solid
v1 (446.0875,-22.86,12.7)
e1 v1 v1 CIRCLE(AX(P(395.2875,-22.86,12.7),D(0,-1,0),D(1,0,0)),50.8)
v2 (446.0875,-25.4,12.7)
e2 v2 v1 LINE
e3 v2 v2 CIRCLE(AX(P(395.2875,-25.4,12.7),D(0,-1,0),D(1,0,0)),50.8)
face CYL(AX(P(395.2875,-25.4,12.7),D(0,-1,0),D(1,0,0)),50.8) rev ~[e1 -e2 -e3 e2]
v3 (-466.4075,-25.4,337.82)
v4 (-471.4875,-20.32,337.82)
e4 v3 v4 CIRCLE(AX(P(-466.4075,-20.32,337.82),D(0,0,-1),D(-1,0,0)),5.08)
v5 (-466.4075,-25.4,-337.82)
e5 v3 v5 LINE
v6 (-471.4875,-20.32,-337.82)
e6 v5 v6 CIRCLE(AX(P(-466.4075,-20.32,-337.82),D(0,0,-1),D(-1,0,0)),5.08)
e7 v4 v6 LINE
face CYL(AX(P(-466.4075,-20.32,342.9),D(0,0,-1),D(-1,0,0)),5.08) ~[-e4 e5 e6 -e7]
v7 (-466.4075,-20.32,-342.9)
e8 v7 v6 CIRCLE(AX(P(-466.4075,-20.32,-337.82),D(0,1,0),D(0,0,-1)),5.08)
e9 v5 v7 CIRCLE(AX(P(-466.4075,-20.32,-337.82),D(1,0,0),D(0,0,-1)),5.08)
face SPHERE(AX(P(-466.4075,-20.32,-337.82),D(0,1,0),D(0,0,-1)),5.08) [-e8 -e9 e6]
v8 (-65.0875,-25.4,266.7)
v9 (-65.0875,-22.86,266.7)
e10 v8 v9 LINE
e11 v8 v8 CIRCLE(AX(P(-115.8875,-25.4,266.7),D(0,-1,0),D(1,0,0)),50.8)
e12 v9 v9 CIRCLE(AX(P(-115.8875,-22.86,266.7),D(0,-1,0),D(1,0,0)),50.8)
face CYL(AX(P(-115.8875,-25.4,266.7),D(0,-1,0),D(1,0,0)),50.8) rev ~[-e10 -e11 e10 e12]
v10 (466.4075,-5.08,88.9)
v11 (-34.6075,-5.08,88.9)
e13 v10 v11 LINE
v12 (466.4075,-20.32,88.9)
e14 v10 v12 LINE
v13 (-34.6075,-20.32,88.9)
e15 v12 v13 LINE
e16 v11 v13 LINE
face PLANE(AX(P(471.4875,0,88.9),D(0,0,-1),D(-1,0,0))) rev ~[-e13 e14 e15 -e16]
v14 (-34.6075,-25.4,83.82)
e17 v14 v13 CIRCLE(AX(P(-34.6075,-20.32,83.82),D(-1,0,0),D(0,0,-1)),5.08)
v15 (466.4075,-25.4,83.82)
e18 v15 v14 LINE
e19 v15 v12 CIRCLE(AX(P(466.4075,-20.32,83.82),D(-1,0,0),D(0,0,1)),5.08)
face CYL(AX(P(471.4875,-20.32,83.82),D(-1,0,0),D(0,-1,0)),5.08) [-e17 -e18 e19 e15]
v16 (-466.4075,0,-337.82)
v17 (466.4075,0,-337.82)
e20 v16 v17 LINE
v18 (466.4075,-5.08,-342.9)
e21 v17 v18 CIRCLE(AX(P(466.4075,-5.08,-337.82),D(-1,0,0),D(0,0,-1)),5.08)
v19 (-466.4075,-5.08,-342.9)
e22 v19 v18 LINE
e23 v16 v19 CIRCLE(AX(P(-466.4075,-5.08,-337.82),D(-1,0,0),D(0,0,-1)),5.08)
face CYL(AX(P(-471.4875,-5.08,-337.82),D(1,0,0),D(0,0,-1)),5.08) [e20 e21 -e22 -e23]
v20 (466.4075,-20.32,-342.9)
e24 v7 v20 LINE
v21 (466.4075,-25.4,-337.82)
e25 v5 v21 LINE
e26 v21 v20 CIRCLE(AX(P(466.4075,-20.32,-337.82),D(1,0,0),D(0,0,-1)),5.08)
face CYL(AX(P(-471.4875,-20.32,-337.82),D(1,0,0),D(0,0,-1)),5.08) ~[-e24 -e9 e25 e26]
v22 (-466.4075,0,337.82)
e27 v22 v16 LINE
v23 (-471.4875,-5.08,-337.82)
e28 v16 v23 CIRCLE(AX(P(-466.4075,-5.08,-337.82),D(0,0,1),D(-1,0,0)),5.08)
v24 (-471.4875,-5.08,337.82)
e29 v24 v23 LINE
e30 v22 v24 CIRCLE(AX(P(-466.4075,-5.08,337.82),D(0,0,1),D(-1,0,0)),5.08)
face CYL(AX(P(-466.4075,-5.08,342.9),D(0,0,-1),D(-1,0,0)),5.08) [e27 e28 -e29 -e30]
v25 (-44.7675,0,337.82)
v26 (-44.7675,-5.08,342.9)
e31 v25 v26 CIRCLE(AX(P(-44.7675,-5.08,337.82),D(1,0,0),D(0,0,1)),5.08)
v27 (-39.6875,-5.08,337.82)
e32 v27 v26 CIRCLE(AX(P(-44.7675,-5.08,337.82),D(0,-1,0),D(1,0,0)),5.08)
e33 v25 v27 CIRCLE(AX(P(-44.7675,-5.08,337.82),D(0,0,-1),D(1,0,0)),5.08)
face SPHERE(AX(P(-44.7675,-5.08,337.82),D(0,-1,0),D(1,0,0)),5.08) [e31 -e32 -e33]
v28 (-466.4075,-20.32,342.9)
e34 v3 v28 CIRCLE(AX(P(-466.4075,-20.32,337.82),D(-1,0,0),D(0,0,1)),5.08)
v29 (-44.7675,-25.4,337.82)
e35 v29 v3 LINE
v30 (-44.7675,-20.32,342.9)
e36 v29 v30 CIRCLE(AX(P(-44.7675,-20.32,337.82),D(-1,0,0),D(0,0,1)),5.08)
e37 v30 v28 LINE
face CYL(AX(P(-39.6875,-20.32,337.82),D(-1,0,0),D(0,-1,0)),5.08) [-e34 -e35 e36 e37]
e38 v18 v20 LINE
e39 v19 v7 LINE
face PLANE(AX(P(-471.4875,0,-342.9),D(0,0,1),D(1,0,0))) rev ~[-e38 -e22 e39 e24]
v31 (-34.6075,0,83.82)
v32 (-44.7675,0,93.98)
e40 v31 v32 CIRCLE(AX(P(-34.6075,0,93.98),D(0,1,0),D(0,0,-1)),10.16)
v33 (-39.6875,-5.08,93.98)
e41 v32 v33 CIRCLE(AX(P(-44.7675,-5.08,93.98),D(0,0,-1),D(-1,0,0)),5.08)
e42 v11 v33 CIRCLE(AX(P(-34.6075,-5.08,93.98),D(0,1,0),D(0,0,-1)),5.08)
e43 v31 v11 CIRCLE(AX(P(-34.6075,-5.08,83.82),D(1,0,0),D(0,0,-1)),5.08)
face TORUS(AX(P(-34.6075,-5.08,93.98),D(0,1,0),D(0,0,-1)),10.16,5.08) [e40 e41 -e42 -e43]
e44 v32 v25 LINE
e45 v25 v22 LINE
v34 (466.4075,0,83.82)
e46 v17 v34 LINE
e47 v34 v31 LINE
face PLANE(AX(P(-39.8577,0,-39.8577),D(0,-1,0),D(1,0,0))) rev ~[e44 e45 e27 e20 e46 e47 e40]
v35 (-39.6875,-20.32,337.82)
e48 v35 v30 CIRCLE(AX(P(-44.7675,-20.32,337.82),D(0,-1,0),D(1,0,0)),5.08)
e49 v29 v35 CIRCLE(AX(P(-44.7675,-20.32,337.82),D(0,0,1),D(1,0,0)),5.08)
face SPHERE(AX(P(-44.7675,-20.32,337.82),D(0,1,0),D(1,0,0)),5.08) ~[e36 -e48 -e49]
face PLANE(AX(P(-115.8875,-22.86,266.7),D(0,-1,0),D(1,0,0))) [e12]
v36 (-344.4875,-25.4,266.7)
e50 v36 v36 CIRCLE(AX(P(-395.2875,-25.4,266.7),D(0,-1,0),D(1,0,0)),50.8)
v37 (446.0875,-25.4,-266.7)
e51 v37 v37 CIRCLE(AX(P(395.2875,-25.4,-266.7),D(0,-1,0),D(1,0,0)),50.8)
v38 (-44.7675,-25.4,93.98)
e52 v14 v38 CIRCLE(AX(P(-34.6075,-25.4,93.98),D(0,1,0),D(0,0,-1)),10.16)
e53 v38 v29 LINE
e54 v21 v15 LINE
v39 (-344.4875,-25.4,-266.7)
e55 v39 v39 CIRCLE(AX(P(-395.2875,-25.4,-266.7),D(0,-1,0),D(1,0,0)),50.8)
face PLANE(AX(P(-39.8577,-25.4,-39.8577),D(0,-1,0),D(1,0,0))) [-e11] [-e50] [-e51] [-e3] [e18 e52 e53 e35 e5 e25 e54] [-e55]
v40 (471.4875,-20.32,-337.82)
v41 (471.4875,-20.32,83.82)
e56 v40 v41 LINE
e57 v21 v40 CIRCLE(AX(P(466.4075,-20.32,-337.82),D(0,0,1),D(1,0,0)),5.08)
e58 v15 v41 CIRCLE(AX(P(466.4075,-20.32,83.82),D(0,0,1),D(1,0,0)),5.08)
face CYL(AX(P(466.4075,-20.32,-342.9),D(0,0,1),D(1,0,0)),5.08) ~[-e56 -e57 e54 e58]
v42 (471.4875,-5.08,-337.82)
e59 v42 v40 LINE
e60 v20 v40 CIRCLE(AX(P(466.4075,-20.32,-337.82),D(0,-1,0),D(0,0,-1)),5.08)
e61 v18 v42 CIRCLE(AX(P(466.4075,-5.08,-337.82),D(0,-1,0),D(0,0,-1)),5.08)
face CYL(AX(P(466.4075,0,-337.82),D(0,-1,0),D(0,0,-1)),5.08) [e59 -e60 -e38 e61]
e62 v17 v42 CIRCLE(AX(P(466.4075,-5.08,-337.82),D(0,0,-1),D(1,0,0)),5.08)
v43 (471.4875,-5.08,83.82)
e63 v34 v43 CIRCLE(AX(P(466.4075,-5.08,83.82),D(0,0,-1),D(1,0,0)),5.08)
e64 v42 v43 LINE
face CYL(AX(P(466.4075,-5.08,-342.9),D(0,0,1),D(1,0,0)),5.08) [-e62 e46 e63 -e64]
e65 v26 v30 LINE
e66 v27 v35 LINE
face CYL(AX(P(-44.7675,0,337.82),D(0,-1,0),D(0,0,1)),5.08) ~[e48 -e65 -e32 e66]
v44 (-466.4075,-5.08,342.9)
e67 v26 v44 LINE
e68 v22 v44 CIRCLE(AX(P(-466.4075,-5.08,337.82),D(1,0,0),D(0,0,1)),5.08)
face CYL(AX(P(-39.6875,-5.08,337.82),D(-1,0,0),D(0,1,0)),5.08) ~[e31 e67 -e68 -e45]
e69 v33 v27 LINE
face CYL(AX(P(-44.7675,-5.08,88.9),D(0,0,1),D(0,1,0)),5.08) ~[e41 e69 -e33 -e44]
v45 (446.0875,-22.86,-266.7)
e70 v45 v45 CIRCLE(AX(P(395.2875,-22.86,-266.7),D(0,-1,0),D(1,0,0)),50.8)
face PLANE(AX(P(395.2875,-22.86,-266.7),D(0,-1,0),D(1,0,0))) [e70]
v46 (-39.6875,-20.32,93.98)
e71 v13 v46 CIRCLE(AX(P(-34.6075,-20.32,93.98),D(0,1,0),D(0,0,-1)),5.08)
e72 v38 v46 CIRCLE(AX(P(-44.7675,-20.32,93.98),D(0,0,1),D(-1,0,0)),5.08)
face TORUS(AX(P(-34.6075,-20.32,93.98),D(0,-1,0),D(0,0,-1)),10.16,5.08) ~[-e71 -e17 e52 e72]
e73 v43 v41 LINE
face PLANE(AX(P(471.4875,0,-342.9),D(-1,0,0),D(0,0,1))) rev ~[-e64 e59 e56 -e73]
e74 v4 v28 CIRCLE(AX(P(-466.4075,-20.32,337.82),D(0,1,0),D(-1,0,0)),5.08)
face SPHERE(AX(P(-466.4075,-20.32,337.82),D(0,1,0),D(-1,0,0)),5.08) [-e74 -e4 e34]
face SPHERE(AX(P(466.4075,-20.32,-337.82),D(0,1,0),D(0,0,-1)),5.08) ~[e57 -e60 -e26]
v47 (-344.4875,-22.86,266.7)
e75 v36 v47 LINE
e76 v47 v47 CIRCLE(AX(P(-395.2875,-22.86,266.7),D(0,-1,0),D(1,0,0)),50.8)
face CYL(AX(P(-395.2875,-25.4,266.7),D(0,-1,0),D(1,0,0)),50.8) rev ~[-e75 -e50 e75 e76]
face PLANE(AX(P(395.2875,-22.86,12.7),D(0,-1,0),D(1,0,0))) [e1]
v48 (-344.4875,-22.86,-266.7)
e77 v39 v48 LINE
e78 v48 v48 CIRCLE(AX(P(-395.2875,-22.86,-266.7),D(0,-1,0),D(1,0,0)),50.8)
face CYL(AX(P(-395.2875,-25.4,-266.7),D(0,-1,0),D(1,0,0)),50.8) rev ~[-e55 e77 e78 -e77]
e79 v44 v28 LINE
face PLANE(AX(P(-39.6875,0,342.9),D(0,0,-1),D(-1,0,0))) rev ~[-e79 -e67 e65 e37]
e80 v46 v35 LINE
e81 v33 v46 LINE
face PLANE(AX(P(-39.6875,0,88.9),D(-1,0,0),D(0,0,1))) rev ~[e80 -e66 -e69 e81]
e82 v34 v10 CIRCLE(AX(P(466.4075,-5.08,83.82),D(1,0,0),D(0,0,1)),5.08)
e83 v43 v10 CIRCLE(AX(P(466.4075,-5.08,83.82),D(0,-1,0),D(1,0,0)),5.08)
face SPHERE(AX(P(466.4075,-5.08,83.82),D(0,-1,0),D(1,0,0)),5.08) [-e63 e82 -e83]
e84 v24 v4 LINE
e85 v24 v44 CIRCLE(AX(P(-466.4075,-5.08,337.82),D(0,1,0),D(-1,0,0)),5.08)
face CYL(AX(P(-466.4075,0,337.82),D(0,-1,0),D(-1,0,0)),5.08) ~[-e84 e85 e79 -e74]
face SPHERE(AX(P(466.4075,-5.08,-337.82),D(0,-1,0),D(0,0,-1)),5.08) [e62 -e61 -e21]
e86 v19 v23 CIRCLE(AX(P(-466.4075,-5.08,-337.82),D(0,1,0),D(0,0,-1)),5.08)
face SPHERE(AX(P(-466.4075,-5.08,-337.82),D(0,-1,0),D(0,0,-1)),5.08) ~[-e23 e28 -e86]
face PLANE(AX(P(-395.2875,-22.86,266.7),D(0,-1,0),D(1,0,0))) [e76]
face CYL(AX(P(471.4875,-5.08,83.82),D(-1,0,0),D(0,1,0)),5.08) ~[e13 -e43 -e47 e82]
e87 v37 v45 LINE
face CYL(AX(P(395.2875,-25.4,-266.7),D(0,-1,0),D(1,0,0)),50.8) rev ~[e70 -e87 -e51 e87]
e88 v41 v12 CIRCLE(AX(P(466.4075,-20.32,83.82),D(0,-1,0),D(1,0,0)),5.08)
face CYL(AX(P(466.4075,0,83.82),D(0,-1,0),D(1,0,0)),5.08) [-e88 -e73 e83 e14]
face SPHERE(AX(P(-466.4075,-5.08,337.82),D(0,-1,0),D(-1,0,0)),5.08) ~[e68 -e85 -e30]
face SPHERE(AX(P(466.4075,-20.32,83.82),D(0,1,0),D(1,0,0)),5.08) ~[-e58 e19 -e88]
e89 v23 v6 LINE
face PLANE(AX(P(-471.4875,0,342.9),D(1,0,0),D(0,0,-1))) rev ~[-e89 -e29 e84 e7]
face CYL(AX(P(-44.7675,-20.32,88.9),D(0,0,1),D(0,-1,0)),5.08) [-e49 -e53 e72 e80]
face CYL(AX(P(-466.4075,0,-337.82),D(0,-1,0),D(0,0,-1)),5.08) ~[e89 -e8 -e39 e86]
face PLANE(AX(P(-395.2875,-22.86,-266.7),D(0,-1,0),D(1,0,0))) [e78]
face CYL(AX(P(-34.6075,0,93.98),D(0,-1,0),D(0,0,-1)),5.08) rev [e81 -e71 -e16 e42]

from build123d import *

# Parameters (mm, degrees)
F1_DEPTH = 25.4
F3_R     = 50.8
F4_DEPTH = 2.54
F5_R     = 5.08


with BuildPart() as f1:
    # F0 (on Front) → F1 (new body)
    with BuildSketch(Plane.XZ):
        Polygon((-471.4875, -342.9), (471.4875, -342.9), (471.4875, 88.9), (-39.6875, 88.9), (-39.6875, 342.9), (-471.4875, 342.9), align=None)
    extrude(amount=F1_DEPTH)

    # F3 (on face) → F4 (cut)
    with BuildSketch(Plane.XZ.offset(25.4)):
        with Locations((-395.2875, 266.7)):
            Circle(F3_R)
        with Locations((-115.8875, 266.7)):
            Circle(F3_R)
        with Locations((-395.2875, -266.7)):
            Circle(F3_R)
        with Locations((395.2875, -266.7)):
            Circle(F3_R)
        with Locations((395.2875, 12.7)):
            Circle(F3_R)
    extrude(amount=-F4_DEPTH, mode=Mode.SUBTRACT)

    # F5
    f5_edges = [f1.edges().sort_by_distance(p)[0] for p in [
        (-471.4875, -12.7, -342.9),
        (471.4875, -12.7, -342.9),
        (0, 0, -342.9),
        (0, -25.4, -342.9),
        (-471.4875, -12.7, 342.9),
        (-471.4875, 0, 0),
        (-471.4875, -25.4, 0),
        (471.4875, -12.7, 88.9),
        (471.4875, 0, -127),
        (471.4875, -25.4, -127),
        (-39.6875, -12.7, 88.9),
        (215.9, 0, 88.9),
        (215.9, -25.4, 88.9),
        (-39.6875, -12.7, 342.9),
        (-39.6875, 0, 215.9),
        (-39.6875, -25.4, 215.9),
        (-255.5875, 0, 342.9),
        (-255.5875, -25.4, 342.9),
    ]]
    fillet(f5_edges, radius=F5_R)


solid = f1.part
